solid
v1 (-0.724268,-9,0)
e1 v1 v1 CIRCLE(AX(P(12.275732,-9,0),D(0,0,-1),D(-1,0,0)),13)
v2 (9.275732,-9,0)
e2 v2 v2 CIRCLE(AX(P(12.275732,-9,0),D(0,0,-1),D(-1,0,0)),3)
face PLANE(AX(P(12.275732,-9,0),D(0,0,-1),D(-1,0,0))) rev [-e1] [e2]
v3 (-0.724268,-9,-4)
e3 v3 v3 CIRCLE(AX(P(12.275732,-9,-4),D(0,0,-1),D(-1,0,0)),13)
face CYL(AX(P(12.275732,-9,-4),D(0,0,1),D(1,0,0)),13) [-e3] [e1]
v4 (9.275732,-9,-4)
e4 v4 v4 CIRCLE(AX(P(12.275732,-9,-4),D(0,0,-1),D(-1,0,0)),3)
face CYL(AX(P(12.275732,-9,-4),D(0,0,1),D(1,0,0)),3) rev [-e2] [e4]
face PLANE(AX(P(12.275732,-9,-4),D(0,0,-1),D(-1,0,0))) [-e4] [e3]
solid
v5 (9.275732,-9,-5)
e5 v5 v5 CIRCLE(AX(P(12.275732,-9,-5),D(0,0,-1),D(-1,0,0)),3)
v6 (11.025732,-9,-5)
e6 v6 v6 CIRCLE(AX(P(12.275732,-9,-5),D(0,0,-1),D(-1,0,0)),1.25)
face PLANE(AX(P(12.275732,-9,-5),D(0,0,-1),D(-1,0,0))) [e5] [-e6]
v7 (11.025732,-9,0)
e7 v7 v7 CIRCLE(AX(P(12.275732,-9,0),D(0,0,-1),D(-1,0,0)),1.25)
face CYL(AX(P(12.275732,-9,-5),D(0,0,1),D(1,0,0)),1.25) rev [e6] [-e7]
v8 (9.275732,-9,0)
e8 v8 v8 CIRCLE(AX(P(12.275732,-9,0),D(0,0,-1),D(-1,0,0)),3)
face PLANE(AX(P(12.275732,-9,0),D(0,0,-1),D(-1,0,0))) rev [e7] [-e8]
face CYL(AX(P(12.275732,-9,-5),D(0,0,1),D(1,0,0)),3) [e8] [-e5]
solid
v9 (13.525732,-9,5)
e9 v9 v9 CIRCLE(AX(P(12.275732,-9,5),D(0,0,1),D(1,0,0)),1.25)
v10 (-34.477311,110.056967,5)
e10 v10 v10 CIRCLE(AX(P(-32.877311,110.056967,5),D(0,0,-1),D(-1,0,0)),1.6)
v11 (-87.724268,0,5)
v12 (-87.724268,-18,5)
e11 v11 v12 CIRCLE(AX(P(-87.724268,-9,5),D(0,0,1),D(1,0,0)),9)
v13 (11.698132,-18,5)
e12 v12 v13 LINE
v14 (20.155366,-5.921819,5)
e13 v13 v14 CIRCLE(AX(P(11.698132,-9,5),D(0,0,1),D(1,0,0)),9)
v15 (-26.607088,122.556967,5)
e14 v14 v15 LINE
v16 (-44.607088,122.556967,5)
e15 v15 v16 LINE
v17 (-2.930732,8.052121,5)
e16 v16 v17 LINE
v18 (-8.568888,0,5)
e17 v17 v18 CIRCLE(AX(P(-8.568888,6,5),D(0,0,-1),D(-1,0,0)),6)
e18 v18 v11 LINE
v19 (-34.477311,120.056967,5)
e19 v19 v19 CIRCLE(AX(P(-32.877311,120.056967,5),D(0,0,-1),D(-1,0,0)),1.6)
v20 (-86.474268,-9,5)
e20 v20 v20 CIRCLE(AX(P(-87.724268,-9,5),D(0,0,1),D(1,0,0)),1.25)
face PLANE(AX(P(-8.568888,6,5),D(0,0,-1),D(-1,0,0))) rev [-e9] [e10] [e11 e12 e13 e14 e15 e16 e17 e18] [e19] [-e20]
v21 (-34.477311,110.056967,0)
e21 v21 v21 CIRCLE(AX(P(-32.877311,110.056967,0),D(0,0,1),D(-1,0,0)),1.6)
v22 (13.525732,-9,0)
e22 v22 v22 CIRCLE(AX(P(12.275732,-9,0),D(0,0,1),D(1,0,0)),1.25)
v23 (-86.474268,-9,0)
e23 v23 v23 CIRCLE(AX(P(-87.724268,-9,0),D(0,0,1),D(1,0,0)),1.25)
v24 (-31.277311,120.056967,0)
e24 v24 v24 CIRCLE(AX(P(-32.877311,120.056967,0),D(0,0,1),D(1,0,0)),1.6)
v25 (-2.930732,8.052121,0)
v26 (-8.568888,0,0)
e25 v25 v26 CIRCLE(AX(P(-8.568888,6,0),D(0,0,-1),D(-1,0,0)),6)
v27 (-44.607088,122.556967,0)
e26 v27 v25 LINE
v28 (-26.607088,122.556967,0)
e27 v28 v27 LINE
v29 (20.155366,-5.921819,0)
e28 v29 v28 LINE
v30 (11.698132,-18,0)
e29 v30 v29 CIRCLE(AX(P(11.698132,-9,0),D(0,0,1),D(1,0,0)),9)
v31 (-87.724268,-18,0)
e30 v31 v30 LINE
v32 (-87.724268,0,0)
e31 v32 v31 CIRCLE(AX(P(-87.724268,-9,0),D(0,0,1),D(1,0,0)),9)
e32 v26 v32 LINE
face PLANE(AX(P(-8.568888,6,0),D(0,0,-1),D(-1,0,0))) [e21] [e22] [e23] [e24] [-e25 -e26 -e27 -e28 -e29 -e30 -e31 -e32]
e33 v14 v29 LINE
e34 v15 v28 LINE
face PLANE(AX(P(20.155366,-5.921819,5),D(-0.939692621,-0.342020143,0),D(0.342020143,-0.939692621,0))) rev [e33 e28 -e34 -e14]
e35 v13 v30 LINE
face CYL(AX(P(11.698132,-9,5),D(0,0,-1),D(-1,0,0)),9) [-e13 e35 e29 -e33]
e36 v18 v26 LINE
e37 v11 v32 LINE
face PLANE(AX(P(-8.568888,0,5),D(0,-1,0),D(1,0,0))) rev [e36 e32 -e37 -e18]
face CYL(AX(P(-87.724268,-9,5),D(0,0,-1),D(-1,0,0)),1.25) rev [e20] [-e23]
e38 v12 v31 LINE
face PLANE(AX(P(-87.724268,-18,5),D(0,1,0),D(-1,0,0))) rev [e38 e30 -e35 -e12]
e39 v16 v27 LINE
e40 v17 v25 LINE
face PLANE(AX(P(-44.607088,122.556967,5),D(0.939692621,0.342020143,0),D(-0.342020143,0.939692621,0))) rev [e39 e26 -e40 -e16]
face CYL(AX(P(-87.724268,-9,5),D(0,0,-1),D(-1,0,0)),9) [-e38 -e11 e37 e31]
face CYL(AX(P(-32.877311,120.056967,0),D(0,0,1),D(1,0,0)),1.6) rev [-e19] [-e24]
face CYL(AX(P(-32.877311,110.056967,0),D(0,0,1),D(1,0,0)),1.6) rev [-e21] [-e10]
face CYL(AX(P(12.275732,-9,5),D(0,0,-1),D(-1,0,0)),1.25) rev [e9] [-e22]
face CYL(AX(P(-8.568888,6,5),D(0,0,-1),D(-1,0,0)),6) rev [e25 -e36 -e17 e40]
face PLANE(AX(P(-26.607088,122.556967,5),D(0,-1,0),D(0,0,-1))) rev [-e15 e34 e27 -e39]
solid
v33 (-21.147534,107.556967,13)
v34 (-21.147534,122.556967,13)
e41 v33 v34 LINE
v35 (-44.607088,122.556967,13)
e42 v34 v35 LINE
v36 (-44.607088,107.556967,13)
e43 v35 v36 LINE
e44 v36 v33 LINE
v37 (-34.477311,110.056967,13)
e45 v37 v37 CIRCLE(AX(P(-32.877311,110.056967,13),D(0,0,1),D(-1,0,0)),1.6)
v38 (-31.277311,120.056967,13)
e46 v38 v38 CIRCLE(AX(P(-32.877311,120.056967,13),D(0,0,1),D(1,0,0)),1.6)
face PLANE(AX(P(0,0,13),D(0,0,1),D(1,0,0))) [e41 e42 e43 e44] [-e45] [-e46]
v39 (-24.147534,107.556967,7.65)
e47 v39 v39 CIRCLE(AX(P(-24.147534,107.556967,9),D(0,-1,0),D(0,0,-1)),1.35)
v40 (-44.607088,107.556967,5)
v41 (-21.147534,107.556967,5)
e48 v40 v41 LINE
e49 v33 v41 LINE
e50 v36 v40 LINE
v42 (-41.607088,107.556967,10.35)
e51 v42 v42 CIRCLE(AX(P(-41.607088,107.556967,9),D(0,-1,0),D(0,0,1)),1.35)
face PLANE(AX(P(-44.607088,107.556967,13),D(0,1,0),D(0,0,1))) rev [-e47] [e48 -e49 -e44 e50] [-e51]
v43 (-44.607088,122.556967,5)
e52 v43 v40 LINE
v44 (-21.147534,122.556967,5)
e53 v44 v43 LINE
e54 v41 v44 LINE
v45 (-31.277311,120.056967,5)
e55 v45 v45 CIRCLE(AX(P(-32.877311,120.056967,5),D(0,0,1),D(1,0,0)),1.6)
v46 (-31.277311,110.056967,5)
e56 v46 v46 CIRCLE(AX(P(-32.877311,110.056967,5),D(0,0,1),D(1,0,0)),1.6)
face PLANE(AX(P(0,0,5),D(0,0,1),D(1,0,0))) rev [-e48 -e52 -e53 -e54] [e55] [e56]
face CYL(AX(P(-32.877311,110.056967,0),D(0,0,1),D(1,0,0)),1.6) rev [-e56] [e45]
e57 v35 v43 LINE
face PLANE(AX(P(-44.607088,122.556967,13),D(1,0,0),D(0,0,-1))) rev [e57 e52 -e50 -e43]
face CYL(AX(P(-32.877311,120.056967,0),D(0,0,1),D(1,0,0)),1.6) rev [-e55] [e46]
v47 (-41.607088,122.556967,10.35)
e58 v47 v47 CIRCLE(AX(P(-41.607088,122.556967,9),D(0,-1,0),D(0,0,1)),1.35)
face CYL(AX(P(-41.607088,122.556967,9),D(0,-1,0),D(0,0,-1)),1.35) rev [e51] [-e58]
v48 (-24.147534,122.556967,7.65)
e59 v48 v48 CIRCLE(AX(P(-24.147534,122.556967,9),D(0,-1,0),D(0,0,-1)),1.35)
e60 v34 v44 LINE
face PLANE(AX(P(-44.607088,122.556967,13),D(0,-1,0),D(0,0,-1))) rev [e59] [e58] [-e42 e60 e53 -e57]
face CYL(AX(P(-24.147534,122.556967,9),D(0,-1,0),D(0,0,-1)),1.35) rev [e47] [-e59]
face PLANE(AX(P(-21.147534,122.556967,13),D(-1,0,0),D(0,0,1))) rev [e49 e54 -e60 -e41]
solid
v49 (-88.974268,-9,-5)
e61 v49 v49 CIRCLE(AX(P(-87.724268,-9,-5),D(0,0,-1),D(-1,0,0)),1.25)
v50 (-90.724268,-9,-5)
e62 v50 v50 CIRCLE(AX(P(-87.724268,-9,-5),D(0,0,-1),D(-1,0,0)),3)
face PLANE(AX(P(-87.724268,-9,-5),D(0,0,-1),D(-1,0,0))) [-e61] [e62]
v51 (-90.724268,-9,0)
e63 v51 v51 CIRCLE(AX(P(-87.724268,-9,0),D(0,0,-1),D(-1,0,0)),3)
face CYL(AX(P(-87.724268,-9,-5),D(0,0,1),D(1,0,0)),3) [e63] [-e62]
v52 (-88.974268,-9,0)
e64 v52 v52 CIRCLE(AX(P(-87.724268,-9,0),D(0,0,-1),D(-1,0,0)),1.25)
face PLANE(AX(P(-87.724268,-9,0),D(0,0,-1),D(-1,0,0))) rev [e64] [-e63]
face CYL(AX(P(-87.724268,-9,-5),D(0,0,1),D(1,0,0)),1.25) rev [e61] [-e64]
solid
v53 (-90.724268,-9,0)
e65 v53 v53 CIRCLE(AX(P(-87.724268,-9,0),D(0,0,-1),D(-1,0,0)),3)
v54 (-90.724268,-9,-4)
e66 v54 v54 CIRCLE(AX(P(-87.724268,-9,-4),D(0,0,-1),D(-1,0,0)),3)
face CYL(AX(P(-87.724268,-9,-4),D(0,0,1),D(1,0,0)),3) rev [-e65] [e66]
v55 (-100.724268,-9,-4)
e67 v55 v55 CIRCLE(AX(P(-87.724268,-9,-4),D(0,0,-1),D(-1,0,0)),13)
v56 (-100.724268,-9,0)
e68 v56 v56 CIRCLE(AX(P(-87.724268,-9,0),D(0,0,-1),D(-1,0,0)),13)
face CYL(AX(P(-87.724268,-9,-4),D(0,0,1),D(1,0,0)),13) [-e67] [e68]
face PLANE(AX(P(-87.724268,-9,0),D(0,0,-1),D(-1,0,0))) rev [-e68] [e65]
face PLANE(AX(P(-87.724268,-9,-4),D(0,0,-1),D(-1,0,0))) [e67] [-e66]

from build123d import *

# Parameters (mm, degrees)
SKETCH_1_R          = 1.25
EXTRUDE_1_DEPTH     = 5
SKETCH_2_W          = 23.459553514
SKETCH_2_H          = 15
EXTRUDE_2_DEPTH     = 8
SKETCH_3_R          = 1.6
CUT_EXTRUDE_1_DEPTH = 157.667782704
SKETCH_4_R          = 1.35
CUT_EXTRUDE_2_DEPTH = 160.025582655
SKETCH_6_R          = 3
SKETCH_6_R_2        = 1.25
EXTRUDE_3_DEPTH     = 5
EXTRUDE_3_2_DEPTH   = 5
SKETCH_7_R          = 13
SKETCH_7_R_2        = 3
EXTRUDE_4_DEPTH     = 4
EXTRUDE_4_2_DEPTH   = 4


with BuildPart() as part:
    # ｽｹｯﾁ1 → ﾎﾞｽ - 押し出し1 (new body)
    with BuildSketch(Plane.XY):
        with BuildLine():
            Line((-44.607087957, 122.55696691), (-2.930732316, 8.05212086))
            ThreePointArc((-2.930732316, 8.05212086), (-3.653975775, 2.558541382), (-8.56888804, 0))
            Line((-8.56888804, 0), (-87.724267892, 0))
            ThreePointArc((-87.724267892, 0), (-94.088228922, -2.636038969), (-96.724267892, -9))
            ThreePointArc((-96.724267892, -9), (-94.088228922, -15.363961031), (-87.724267892, -18))
            Line((-87.724267892, -18), (11.698132156, -18))
            ThreePointArc((11.698132156, -18), (19.070500555, -14.162187927), (20.155365743, -5.92181871))
            Line((20.155365743, -5.92181871), (-26.607087957, 122.55696691))
            Line((-26.607087957, 122.55696691), (-44.607087957, 122.55696691))
        make_face()
        with Locations((12.275732108, -9)):
            Circle(SKETCH_1_R, mode=Mode.SUBTRACT)
        with Locations((-87.724267892, -9)):
            Circle(SKETCH_1_R, mode=Mode.SUBTRACT)
    extrude(amount=EXTRUDE_1_DEPTH)


with BuildPart() as body_2:
    # ｽｹｯﾁ2 → ﾎﾞｽ - 押し出し2 (new body)
    with BuildSketch(Plane.XY.offset(5)):
        with Locations((-32.8773112, 115.05696691)):
            Rectangle(SKETCH_2_W, SKETCH_2_H)
    extrude(amount=EXTRUDE_2_DEPTH)


with BuildPart() as cut_extrude_1_tool:
    # ｽｹｯﾁ3 → ｶｯﾄ - 押し出し1 (new, through all)
    with BuildSketch(Plane.XY.offset(13)):
        with Locations((-32.8773112, 120.05696691)):
            Circle(SKETCH_3_R)
        with Locations((-32.8773112, 110.05696691)):
            Circle(SKETCH_3_R)
    extrude(amount=-CUT_EXTRUDE_1_DEPTH)


with BuildPart() as part_1:
    add(part.part)

    # ｶｯﾄ - 押し出し1: cut by cut_extrude_1_tool
    add(cut_extrude_1_tool.part, mode=Mode.SUBTRACT)


with BuildPart() as body_2_1:
    add(body_2.part)

    # ｶｯﾄ - 押し出し1: cut by cut_extrude_1_tool
    add(cut_extrude_1_tool.part, mode=Mode.SUBTRACT)

    # ｽｹｯﾁ4 → ｶｯﾄ - 押し出し2 (cut, through all)
    with BuildSketch(Plane.XZ.offset(-107.55696691)):
        with Locations(Location((-24.147534443, 9, 0), (0, 0, 270))):
            Circle(SKETCH_4_R)
        with Locations(Location((-41.607087957, 9, 0), (0, 0, 90))):
            Circle(SKETCH_4_R)
    extrude(amount=-CUT_EXTRUDE_2_DEPTH, mode=Mode.SUBTRACT)


with BuildPart() as body_3:
    # ｽｹｯﾁ6 → ﾎﾞｽ - 押し出し3 (new body)
    with BuildSketch(Plane(origin=(0, 0, 0), x_dir=(-1, 0, 0), z_dir=(0, 0, -1))):
        with Locations((-12.275732108, -9)):
            Circle(SKETCH_6_R)
        with Locations((-12.275732108, -9)):
            Circle(SKETCH_6_R_2, mode=Mode.SUBTRACT)
    extrude(amount=EXTRUDE_3_DEPTH)


with BuildPart() as body_4:
    # ｽｹｯﾁ6 → Extrude 3 2 (new body)
    with BuildSketch(Plane(origin=(0, 0, 0), x_dir=(-1, 0, 0), z_dir=(0, 0, -1))):
        with Locations((87.724267892, -9)):
            Circle(SKETCH_6_R)
        with Locations((87.724267892, -9)):
            Circle(SKETCH_6_R_2, mode=Mode.SUBTRACT)
    extrude(amount=EXTRUDE_3_2_DEPTH)


with BuildPart() as body_5:
    # ｽｹｯﾁ7 → ﾎﾞｽ - 押し出し4 (new body)
    with BuildSketch(Plane(origin=(0, 0, 0), x_dir=(-1, 0, 0), z_dir=(0, 0, -1))):
        with Locations((-12.275732108, -9)):
            Circle(SKETCH_7_R)
        with Locations((-12.275732108, -9)):
            Circle(SKETCH_7_R_2, mode=Mode.SUBTRACT)
    extrude(amount=EXTRUDE_4_DEPTH)


with BuildPart() as body_6:
    # ｽｹｯﾁ7 → Extrude 4 2 (new body)
    with BuildSketch(Plane(origin=(0, 0, 0), x_dir=(-1, 0, 0), z_dir=(0, 0, -1))):
        with Locations((87.724267892, -9)):
            Circle(SKETCH_7_R)
        with Locations((87.724267892, -9)):
            Circle(SKETCH_7_R_2, mode=Mode.SUBTRACT)
    extrude(amount=EXTRUDE_4_2_DEPTH)


solid = Compound([part_1.part, body_2_1.part, body_3.part, body_4.part, body_5.part, body_6.part])
